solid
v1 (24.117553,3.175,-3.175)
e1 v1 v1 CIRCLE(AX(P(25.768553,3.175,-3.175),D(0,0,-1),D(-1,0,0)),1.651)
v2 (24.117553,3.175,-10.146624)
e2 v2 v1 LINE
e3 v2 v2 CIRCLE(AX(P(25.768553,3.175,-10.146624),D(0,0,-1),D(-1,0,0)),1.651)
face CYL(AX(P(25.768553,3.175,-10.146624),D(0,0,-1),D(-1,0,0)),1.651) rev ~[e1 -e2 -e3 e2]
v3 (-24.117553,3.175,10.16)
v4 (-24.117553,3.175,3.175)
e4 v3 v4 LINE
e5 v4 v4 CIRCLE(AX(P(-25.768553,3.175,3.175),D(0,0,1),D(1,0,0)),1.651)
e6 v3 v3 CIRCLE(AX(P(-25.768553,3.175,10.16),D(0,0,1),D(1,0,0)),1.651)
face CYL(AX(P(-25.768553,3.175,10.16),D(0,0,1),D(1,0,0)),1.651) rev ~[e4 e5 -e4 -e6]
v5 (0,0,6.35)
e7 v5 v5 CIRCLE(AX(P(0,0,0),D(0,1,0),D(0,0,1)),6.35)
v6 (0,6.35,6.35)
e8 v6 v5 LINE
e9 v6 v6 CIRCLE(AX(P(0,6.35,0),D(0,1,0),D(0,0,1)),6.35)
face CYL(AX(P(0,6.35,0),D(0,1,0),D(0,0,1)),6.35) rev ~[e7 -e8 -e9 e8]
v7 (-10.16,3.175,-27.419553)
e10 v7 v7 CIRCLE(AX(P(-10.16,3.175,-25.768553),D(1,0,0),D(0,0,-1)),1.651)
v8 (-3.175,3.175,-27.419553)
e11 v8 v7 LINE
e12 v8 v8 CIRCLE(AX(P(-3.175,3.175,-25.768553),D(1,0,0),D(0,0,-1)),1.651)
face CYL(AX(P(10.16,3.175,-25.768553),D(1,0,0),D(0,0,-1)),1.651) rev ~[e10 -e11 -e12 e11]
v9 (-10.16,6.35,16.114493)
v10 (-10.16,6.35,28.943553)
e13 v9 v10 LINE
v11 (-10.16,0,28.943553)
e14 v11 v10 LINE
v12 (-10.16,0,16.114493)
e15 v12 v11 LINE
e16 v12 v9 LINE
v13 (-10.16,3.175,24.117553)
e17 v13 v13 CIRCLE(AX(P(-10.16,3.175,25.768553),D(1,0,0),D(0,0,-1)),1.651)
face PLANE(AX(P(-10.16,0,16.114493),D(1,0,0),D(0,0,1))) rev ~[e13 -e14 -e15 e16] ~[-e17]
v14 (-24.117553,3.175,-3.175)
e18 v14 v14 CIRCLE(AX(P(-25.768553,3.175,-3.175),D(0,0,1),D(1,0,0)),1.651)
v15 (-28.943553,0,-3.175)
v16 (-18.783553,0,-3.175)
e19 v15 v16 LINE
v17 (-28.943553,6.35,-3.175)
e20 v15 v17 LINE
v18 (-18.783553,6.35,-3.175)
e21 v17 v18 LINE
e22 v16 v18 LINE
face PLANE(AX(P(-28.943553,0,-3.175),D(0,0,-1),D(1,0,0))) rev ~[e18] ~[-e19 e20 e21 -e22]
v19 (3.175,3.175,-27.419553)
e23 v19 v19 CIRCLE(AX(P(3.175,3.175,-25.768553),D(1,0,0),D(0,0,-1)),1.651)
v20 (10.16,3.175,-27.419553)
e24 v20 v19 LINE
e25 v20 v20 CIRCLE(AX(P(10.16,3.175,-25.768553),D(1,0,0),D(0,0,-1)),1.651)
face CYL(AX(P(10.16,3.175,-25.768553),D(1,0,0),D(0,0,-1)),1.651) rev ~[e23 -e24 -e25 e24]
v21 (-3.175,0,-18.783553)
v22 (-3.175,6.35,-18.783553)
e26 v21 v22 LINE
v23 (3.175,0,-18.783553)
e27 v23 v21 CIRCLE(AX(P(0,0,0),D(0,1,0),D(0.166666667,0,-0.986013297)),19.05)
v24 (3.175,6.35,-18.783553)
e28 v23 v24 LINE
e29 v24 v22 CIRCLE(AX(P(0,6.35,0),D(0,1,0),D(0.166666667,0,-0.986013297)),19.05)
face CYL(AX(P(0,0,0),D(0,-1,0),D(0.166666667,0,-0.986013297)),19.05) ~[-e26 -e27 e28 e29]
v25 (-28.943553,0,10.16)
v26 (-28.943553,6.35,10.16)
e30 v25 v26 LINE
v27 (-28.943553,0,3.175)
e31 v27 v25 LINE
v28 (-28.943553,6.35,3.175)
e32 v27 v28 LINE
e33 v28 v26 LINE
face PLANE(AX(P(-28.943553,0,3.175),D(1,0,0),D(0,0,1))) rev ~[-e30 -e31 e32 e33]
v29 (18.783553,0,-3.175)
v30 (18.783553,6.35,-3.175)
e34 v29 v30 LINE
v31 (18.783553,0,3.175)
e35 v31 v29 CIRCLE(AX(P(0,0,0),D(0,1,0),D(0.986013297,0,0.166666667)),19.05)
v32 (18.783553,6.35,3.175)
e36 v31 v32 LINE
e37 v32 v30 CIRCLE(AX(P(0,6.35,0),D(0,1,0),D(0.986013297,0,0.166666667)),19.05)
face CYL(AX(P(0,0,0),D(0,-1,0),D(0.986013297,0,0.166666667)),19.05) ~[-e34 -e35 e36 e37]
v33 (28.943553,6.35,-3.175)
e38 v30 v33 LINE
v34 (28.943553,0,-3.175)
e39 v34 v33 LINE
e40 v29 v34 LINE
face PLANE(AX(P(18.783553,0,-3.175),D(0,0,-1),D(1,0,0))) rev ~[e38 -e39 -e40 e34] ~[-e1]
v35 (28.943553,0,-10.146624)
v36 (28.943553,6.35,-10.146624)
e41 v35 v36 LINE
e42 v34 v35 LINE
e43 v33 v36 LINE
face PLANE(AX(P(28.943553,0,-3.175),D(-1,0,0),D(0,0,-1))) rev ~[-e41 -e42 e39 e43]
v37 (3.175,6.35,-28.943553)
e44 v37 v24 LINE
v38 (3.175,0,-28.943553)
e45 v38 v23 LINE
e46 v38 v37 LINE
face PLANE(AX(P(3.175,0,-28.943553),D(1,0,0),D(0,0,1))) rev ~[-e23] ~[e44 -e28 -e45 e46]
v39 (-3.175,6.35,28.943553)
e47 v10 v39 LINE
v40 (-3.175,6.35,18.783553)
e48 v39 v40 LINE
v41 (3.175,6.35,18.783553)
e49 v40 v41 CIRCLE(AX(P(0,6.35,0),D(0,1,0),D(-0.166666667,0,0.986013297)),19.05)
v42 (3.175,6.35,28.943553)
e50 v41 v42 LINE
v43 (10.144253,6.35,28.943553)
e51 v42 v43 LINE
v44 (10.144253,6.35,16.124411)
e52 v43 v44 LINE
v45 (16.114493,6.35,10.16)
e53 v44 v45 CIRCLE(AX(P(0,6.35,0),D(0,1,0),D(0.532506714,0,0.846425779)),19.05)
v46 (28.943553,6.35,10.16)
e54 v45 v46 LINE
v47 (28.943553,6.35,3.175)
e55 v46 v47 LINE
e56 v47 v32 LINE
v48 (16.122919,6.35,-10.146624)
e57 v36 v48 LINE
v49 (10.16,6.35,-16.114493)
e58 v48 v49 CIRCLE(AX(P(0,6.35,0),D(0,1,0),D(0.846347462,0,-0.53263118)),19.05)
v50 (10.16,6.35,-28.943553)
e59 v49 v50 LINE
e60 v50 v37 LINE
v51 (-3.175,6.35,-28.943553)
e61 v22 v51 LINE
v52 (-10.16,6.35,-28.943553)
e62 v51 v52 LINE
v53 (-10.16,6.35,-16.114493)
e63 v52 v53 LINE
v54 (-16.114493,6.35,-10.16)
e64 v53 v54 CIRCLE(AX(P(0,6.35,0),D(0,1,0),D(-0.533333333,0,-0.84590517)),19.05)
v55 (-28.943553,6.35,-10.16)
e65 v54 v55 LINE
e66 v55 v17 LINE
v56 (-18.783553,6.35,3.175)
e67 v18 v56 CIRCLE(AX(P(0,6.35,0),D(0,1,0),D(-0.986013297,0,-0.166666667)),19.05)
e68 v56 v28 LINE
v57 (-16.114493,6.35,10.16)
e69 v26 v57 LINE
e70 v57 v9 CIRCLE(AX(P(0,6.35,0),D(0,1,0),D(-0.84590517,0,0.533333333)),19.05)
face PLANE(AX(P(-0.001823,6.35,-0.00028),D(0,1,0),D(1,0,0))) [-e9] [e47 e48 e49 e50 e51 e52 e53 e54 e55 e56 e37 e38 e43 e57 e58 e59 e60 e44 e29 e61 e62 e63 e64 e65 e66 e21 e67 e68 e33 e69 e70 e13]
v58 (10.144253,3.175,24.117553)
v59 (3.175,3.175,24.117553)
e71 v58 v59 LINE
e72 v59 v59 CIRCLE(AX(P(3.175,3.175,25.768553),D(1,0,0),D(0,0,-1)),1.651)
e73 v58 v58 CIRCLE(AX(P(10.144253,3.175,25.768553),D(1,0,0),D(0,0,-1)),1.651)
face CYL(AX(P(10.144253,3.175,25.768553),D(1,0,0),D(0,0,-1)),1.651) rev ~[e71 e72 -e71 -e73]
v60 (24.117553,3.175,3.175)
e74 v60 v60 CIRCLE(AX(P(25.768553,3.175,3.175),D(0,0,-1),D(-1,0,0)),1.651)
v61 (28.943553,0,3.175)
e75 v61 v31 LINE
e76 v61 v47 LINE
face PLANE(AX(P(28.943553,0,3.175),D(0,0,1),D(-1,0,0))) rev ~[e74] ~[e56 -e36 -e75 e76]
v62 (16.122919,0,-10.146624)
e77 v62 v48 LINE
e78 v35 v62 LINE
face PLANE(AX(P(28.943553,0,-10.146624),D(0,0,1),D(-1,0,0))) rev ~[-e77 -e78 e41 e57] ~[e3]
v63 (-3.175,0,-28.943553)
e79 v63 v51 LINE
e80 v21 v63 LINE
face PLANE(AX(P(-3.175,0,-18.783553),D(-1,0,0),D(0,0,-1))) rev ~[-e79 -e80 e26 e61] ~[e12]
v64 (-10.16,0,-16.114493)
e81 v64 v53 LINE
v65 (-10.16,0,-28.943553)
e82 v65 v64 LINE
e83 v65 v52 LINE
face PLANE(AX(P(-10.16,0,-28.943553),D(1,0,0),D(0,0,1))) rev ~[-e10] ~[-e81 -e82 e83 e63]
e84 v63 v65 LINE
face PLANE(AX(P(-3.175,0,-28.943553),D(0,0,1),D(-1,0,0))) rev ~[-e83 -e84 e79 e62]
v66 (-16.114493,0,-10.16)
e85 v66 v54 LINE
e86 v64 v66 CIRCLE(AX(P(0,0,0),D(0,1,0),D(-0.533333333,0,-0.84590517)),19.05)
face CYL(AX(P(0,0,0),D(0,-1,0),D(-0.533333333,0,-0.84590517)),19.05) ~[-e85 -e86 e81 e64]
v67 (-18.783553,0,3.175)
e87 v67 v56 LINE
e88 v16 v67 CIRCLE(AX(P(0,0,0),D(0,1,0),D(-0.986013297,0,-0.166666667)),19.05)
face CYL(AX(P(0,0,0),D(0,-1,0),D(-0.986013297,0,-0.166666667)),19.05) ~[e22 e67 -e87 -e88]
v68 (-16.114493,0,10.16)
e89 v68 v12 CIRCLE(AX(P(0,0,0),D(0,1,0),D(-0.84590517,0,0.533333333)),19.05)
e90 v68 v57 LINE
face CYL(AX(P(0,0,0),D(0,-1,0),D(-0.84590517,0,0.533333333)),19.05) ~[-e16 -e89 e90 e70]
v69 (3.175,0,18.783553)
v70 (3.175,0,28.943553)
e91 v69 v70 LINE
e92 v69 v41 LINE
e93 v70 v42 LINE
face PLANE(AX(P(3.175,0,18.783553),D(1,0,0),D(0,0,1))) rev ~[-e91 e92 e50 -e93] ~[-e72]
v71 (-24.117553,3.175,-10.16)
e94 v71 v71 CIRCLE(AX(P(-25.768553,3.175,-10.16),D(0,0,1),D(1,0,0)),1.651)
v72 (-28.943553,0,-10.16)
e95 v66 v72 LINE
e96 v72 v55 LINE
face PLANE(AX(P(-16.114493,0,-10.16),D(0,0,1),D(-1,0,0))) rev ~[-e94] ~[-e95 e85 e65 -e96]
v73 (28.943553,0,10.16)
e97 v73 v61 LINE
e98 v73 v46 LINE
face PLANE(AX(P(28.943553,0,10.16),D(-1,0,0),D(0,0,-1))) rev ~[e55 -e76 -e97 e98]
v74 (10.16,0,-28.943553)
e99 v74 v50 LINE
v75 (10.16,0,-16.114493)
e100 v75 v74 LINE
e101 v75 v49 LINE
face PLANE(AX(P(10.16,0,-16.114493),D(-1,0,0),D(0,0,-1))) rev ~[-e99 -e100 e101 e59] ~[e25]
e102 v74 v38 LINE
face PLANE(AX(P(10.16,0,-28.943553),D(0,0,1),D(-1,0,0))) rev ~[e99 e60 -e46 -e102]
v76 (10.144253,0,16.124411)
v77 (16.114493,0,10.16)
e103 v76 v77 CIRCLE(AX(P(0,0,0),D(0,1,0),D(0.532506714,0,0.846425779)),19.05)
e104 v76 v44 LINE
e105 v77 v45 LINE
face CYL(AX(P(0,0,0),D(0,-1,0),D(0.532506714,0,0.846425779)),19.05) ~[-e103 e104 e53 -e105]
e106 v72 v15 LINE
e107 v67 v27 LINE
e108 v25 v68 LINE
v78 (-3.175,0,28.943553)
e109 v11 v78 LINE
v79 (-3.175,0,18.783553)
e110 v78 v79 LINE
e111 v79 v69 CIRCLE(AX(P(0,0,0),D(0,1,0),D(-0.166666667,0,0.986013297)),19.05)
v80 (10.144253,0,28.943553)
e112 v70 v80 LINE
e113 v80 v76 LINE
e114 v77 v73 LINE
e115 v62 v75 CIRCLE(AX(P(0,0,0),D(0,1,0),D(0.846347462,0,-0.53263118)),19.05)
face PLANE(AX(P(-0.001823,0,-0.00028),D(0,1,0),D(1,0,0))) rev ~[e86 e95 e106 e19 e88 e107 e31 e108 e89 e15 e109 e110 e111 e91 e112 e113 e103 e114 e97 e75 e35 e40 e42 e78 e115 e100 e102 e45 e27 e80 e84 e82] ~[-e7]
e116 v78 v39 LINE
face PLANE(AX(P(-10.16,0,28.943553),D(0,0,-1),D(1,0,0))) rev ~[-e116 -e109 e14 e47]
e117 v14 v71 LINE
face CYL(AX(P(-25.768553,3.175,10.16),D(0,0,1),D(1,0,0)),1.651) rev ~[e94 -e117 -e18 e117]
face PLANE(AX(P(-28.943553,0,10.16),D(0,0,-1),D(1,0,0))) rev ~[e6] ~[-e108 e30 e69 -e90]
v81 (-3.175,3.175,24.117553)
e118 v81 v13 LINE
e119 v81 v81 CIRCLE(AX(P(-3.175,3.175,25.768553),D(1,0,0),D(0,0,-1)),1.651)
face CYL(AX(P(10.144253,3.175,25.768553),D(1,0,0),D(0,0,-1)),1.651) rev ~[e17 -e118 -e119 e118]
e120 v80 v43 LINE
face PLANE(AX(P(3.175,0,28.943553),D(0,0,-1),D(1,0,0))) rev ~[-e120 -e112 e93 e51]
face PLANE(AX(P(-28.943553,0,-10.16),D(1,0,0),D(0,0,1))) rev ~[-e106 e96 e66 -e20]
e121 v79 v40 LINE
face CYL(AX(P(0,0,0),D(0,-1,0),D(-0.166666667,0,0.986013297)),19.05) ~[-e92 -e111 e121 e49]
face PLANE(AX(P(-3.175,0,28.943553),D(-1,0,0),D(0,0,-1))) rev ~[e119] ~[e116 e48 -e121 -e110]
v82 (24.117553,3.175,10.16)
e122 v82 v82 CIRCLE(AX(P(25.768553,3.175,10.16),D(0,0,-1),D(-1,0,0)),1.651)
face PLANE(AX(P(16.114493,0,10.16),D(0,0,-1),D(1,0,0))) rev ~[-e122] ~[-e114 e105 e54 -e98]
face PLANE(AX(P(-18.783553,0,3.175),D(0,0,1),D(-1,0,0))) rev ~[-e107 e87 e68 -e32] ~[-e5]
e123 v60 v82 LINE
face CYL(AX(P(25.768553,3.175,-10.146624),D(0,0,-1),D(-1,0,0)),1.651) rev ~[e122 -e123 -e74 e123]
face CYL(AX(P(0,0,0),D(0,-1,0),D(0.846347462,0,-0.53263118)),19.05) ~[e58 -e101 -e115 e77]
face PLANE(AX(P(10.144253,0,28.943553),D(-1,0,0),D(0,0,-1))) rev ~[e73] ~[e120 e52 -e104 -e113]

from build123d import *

# Parameters (mm, degrees)
BOSS_EXTRUDE1_DEPTH = 6.35
SKETCH2_R           = 1.651
CUT_EXTRUDE1_DEPTH  = 23.368
SKETCH3_R           = 1.651
CUT_EXTRUDE2_DEPTH  = 23.368
SKETCH4_R           = 1.651
CUT_EXTRUDE3_DEPTH  = 23.368
SKETCH5_R           = 1.651
CUT_EXTRUDE4_DEPTH  = 23.368
SKETCH6_R           = 6.35
CUT_EXTRUDE5_DEPTH  = 14.3002


with BuildPart() as part:
    # Sketch1 → Boss-Extrude1 (new body)
    with BuildSketch(Plane(origin=(0, 0, 0), x_dir=(1, 0, 0), z_dir=(0, 1, 0))):
        with BuildLine():
            Line((-3.175, 18.783553311), (-3.175, 28.943553311))
            Line((-3.175, 28.943553311), (-10.16, 28.943553311))
            Line((-10.16, 28.943553311), (-10.16, 16.114493476))
            ThreePointArc((-10.16, 16.114493476), (-13.470384182, 13.470384182), (-16.114493476, 10.16))
            Line((-16.114493476, 10.16), (-28.943553311, 10.16))
            Line((-28.943553311, 10.16), (-28.943553311, 3.175))
            Line((-28.943553311, 3.175), (-18.783553311, 3.175))
            ThreePointArc((-18.783553311, 3.175), (-19.05, 0), (-18.783553311, -3.175))
            Line((-18.783553311, -3.175), (-28.943553311, -3.175))
            Line((-28.943553311, -3.175), (-28.943553311, -10.16))
            Line((-28.943553311, -10.16), (-16.114493476, -10.16))
            ThreePointArc((-16.114493476, -10.16), (-13.470384182, -13.470384182), (-10.16, -16.114493476))
            Line((-10.16, -16.114493476), (-10.16, -28.943553311))
            Line((-10.16, -28.943553311), (-3.175, -28.943553311))
            Line((-3.175, -28.943553311), (-3.175, -18.783553311))
            ThreePointArc((-3.175, -18.783553311), (0, -19.05), (3.175, -18.783553311))
            Line((3.175, -18.783553311), (3.175, -28.943553311))
            Line((3.175, -28.943553311), (10.144252899, -28.943553311))
            Line((10.144252899, -28.943553311), (10.144252899, -16.124411094))
            ThreePointArc((10.144252899, -16.124411094), (13.463802963, -13.476962186), (16.114493476, -10.16))
            Line((16.114493476, -10.16), (28.943553311, -10.16))
            Line((28.943553311, -10.16), (28.943553311, -3.175))
            Line((28.943553311, -3.175), (18.783553311, -3.175))
            ThreePointArc((18.783553311, -3.175), (19.05, 0), (18.783553311, 3.175))
            Line((18.783553311, 3.175), (28.943553311, 3.175))
            Line((28.943553311, 3.175), (28.943553311, 10.146623982))
            Line((28.943553311, 10.146623982), (16.122919145, 10.146623982))
            ThreePointArc((16.122919145, 10.146623982), (13.475972183, 13.464793861), (10.16, 16.114493476))
            Line((10.16, 16.114493476), (10.16, 28.943553311))
            Line((10.16, 28.943553311), (3.175, 28.943553311))
            Line((3.175, 28.943553311), (3.175, 18.783553311))
            ThreePointArc((3.175, 18.783553311), (0, 19.05), (-3.175, 18.783553311))
        make_face()
    extrude(amount=BOSS_EXTRUDE1_DEPTH)

    # Sketch2 → Cut-Extrude1 (cut)
    with BuildSketch(Plane(origin=(10.16, 0, 0), x_dir=(0, 0, -1), z_dir=(1, 0, 0))):
        with Locations((25.768553311, 3.175)):
            Circle(SKETCH2_R)
    extrude(amount=-CUT_EXTRUDE1_DEPTH, mode=Mode.SUBTRACT)

    # Sketch3 → Cut-Extrude2 (cut)
    with BuildSketch(Plane(origin=(0, 0, -10.146623982), x_dir=(-1, 0, 0), z_dir=(0, 0, -1))):
        with Locations((-25.768553311, 3.175)):
            Circle(SKETCH3_R)
    extrude(amount=-CUT_EXTRUDE2_DEPTH, mode=Mode.SUBTRACT)

    # Sketch4 → Cut-Extrude3 (cut)
    with BuildSketch(Plane(origin=(10.144252899, 0, 0), x_dir=(0, 0, -1), z_dir=(1, 0, 0))):
        with Locations((-25.768553311, 3.175)):
            Circle(SKETCH4_R)
    extrude(amount=-CUT_EXTRUDE3_DEPTH, mode=Mode.SUBTRACT)

    # Sketch5 → Cut-Extrude4 (cut)
    with BuildSketch(Plane.XY.offset(10.16)):
        with Locations((-25.768553311, 3.175)):
            Circle(SKETCH5_R)
    extrude(amount=-CUT_EXTRUDE4_DEPTH, mode=Mode.SUBTRACT)

    # Sketch6 → Cut-Extrude5 (cut)
    with BuildSketch(Plane(origin=(0, 6.35, 0), x_dir=(1, 0, 0), z_dir=(0, 1, 0))):
        with Locations(Location((0, 0, 0), (0, 0, 270))):
            Circle(SKETCH6_R)
    extrude(amount=-CUT_EXTRUDE5_DEPTH, mode=Mode.SUBTRACT)


solid = part.part
